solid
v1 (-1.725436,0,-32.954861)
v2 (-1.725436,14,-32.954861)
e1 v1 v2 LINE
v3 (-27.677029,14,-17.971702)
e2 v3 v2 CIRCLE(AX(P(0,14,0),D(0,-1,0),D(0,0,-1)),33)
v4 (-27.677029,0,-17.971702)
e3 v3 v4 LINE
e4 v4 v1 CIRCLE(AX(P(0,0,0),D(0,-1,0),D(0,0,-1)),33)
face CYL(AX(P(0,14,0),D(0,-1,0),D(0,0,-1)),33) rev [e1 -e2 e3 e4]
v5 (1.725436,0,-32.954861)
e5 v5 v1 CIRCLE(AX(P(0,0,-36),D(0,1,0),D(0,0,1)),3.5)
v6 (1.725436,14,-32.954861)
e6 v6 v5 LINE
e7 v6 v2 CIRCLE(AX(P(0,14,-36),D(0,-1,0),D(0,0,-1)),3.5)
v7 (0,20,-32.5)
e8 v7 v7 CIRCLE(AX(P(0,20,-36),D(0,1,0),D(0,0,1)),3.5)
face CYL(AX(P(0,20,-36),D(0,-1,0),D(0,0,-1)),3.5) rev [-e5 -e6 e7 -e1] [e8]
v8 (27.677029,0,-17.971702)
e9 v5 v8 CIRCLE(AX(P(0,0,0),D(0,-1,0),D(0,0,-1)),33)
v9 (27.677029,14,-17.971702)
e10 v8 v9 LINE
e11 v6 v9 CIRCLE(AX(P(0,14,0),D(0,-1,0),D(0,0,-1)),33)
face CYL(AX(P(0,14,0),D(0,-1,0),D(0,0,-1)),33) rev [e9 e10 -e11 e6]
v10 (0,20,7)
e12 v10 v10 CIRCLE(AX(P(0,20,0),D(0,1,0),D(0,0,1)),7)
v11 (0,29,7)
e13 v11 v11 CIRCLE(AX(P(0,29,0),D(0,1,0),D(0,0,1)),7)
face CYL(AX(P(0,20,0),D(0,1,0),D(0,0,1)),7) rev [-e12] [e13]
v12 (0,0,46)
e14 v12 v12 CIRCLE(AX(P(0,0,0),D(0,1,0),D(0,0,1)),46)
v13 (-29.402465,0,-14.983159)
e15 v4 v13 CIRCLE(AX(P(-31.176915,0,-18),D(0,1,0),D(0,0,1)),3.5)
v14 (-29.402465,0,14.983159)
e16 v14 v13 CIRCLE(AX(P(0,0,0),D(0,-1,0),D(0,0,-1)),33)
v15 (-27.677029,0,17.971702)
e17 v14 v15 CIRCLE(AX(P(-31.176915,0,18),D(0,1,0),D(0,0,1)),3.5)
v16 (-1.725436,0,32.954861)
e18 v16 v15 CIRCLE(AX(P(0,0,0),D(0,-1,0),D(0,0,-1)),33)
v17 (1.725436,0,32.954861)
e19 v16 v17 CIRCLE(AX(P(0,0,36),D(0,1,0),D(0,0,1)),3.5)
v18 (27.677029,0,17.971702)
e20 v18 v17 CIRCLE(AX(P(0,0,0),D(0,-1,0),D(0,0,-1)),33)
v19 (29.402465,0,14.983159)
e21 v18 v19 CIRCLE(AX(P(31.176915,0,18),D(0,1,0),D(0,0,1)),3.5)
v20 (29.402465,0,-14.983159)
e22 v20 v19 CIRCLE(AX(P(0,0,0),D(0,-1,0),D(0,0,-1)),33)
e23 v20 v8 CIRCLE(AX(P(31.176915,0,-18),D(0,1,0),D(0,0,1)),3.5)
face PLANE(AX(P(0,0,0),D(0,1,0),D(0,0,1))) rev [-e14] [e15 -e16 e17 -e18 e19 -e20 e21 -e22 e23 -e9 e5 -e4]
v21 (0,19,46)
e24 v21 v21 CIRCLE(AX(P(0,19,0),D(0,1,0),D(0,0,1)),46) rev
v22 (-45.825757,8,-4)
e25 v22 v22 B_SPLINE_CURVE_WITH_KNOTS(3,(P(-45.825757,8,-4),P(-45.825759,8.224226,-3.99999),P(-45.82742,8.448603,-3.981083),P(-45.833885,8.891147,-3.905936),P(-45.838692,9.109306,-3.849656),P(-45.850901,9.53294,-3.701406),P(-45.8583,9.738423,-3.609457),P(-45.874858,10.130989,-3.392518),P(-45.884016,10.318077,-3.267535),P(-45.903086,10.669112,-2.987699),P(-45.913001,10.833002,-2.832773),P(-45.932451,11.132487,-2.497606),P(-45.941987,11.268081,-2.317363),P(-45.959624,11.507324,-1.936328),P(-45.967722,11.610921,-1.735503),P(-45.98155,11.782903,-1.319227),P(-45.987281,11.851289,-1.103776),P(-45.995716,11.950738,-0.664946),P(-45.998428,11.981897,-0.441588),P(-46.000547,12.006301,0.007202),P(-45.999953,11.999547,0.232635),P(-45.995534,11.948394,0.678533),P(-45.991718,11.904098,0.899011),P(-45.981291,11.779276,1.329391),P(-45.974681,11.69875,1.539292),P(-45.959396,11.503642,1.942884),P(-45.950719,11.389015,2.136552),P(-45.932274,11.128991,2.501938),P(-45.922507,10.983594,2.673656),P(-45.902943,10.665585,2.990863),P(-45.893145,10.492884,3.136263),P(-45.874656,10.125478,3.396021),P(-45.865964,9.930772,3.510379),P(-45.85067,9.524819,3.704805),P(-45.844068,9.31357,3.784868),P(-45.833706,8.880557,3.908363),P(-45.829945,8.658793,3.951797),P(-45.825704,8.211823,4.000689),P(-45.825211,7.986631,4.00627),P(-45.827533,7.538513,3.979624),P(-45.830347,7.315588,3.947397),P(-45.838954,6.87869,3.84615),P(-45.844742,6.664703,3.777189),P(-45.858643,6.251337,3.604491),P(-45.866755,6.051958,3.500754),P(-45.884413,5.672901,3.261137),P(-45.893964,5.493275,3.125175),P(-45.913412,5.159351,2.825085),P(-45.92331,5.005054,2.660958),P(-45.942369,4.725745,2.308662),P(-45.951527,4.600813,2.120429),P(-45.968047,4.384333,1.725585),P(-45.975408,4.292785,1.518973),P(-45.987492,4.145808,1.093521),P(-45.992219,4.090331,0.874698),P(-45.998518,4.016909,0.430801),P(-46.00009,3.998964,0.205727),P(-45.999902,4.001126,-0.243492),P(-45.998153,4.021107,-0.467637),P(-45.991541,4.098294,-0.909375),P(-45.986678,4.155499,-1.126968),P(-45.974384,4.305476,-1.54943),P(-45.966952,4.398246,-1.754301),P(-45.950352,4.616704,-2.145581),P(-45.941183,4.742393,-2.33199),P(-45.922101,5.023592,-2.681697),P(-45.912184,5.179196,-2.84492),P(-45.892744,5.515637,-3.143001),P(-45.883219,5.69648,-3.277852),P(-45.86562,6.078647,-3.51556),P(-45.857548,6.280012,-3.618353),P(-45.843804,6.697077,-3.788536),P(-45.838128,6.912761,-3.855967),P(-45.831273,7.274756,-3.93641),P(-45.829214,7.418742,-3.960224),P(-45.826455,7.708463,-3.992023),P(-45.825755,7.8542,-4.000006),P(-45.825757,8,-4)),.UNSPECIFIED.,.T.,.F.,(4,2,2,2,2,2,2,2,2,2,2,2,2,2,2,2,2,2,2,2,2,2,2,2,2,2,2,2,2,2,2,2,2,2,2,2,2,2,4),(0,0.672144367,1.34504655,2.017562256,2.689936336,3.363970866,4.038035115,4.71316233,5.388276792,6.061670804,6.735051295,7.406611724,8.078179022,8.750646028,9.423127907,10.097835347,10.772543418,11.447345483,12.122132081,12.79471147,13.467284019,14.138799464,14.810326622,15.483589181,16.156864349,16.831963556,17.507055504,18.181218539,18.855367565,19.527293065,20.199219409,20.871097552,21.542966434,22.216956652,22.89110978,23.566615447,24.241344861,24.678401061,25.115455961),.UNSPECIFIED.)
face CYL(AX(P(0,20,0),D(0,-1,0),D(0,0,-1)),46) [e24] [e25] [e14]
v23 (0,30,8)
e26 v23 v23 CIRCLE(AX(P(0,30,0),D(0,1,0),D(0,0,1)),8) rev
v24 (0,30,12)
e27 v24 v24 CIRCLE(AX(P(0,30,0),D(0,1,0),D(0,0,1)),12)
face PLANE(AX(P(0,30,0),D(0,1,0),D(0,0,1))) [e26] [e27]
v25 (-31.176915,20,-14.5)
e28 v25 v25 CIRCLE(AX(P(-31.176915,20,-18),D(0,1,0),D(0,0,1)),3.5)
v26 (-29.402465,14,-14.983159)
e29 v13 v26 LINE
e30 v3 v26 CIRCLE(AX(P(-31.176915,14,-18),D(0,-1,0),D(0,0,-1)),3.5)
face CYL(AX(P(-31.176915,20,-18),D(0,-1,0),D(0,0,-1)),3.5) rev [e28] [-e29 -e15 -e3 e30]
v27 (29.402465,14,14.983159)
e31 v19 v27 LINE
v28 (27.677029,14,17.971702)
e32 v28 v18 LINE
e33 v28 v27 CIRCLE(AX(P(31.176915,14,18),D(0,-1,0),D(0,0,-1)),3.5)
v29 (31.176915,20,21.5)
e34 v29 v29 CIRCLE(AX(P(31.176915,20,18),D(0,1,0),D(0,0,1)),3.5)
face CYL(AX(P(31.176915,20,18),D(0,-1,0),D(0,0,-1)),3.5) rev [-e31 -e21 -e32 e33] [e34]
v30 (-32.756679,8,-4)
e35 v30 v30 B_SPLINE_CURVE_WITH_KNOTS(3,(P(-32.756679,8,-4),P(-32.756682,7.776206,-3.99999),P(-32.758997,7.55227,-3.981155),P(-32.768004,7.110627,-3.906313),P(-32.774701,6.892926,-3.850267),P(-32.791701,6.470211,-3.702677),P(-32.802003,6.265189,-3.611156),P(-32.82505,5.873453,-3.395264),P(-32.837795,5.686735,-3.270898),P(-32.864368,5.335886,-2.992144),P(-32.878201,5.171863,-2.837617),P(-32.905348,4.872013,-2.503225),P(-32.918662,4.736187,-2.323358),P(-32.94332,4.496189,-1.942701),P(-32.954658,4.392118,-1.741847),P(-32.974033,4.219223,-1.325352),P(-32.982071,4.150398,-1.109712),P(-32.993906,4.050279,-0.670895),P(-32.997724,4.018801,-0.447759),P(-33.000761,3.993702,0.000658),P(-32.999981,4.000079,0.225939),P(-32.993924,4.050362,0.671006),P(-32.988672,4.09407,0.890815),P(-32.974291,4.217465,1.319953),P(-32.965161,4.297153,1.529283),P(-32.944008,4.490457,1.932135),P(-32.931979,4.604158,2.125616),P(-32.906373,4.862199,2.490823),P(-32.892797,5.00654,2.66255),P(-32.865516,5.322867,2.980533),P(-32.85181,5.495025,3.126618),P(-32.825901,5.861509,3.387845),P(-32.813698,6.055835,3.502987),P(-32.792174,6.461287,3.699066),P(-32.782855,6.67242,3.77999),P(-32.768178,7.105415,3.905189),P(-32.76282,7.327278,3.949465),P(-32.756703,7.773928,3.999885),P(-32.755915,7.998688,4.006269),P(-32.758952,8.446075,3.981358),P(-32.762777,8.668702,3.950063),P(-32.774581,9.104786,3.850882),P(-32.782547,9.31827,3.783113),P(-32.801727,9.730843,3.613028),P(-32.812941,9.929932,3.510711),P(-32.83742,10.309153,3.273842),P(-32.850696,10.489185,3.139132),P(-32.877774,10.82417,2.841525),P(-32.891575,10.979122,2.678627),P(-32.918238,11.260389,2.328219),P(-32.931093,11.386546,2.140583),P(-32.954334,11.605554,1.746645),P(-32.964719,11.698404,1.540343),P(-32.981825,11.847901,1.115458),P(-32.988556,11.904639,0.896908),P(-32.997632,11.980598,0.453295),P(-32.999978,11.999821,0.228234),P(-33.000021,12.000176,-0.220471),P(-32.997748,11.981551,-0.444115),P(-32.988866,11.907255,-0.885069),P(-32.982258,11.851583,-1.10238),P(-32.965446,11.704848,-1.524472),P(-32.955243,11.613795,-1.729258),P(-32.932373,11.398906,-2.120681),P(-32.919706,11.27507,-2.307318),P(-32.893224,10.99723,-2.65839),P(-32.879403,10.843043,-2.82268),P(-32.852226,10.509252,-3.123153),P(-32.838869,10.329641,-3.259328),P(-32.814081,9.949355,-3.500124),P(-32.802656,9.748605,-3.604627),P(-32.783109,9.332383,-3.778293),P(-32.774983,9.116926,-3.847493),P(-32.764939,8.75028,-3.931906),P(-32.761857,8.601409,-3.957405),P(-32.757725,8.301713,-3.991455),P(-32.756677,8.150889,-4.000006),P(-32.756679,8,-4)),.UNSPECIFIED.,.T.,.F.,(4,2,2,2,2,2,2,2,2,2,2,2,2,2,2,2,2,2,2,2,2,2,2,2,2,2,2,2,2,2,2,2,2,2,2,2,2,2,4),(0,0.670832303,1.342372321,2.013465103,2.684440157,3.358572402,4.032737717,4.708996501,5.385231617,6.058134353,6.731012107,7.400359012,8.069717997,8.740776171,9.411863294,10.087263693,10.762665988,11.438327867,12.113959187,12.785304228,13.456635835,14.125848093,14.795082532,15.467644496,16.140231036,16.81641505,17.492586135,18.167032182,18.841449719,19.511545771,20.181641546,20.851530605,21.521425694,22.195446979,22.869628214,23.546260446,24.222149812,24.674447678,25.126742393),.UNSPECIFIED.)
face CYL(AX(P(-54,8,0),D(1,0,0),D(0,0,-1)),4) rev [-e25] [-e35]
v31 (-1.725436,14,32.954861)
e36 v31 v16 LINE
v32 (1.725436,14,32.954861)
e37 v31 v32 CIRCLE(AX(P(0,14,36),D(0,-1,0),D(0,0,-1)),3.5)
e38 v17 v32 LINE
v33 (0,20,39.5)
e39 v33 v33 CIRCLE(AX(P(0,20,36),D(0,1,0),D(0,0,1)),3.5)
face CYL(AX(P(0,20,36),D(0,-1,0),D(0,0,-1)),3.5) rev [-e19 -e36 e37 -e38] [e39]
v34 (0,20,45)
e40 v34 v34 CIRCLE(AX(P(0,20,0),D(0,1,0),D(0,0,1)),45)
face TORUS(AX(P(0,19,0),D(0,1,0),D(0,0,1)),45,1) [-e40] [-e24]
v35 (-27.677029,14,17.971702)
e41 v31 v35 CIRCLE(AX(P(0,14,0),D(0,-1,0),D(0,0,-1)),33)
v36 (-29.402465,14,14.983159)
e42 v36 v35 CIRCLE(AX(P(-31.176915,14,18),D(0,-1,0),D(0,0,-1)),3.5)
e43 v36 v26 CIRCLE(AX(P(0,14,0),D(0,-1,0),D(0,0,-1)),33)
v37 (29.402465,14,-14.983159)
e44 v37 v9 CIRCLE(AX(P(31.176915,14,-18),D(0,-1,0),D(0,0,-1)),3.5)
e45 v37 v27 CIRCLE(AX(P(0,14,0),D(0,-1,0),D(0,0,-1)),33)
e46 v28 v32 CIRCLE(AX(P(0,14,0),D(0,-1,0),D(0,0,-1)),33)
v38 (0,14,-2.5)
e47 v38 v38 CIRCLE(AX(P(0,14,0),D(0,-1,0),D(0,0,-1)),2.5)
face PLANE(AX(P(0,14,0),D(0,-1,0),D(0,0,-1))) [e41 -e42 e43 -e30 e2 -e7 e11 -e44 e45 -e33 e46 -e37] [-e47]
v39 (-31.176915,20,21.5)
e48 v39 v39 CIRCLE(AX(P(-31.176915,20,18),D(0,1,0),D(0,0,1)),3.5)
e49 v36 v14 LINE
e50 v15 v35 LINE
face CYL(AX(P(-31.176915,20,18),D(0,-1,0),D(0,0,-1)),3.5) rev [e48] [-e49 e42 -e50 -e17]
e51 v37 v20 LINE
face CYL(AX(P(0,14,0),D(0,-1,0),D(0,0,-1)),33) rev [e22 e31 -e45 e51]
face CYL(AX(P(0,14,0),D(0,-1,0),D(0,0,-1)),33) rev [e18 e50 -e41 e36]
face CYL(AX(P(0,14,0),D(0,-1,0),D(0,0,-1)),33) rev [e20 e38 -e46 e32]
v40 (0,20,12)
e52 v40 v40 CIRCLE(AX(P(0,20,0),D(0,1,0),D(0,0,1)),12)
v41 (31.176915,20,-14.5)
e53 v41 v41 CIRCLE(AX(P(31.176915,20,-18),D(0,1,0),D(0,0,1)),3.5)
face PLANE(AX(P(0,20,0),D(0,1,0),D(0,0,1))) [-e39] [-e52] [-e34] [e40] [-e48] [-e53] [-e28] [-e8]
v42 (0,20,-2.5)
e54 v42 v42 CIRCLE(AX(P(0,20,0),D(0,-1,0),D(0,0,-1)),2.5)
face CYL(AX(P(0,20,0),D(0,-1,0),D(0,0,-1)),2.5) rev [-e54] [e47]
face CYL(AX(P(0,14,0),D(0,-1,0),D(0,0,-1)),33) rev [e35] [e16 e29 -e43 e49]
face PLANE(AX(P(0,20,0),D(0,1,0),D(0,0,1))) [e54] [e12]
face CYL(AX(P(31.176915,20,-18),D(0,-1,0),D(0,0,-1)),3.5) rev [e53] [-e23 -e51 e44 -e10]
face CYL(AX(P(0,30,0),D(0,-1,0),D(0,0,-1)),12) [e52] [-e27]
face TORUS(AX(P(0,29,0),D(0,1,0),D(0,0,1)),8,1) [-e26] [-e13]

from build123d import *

# Parameters (mm, degrees)
SKETCH1_R           = 46
SKETCH1_R_2         = 3.5
BOSS_EXTRUDE1_DEPTH = 20
FILLET1_R           = 1
SKETCH2_R           = 12
BOSS_EXTRUDE2_DEPTH = 10
SKETCH3_R           = 33
CUT_EXTRUDE1_DEPTH  = 14
SKETCH4_R           = 2.5
CUT_EXTRUDE2_DEPTH  = 6
SKETCH5_R           = 7
CUT_EXTRUDE3_DEPTH  = 10
FILLET2_R           = 1
SKETCH6_R           = 4
CUT_EXTRUDE4_DEPTH  = 54


with BuildPart() as part:
    # Sketch1 → Boss-Extrude1 (new body)
    with BuildSketch(Plane(origin=(0, 0, 0), x_dir=(1, 0, 0), z_dir=(0, 1, 0))):
        with Locations(Location((0, 0, 0), (0, 0, 270))):
            Circle(SKETCH1_R)
        with Locations(Location((0, 36, 0), (0, 0, 270))):
            Circle(SKETCH1_R_2, mode=Mode.SUBTRACT)
        with Locations(Location((31.176914536, 18, 0), (0, 0, 270))):
            Circle(SKETCH1_R_2, mode=Mode.SUBTRACT)
        with Locations(Location((31.176914536, -18, 0), (0, 0, 270))):
            Circle(SKETCH1_R_2, mode=Mode.SUBTRACT)
        with Locations(Location((0, -36, 0), (0, 0, 270))):
            Circle(SKETCH1_R_2, mode=Mode.SUBTRACT)
        with Locations(Location((-31.176914536, -18, 0), (0, 0, 270))):
            Circle(SKETCH1_R_2, mode=Mode.SUBTRACT)
        with Locations(Location((-31.176914536, 18, 0), (0, 0, 270))):
            Circle(SKETCH1_R_2, mode=Mode.SUBTRACT)
    extrude(amount=BOSS_EXTRUDE1_DEPTH)

    # Fillet1
    fillet1_edges = [part.edges().sort_by_distance(p)[0] for p in [
        (0, 20, -46),
    ]]
    fillet(fillet1_edges, radius=FILLET1_R)

    # Sketch2 → Boss-Extrude2 (add)
    with BuildSketch(Plane(origin=(0, 20, 0), x_dir=(1, 0, 0), z_dir=(0, 1, 0))):
        with Locations(Location((0, 0, 0), (0, 0, 270))):
            Circle(SKETCH2_R)
    extrude(amount=BOSS_EXTRUDE2_DEPTH)

    # Sketch3 → Cut-Extrude1 (cut)
    with BuildSketch(Plane.XZ):
        Circle(SKETCH3_R)
    extrude(amount=-CUT_EXTRUDE1_DEPTH, mode=Mode.SUBTRACT)

    # Sketch4 → Cut-Extrude2 (cut)
    with BuildSketch(Plane.XZ.offset(-14)):
        with Locations(Location((0, 0, 0), (0, 0, 270))):
            Circle(SKETCH4_R)
    extrude(amount=-CUT_EXTRUDE2_DEPTH, mode=Mode.SUBTRACT)

    # Sketch5 → Cut-Extrude3 (cut)
    with BuildSketch(Plane(origin=(0, 30, 0), x_dir=(1, 0, 0), z_dir=(0, 1, 0))):
        with Locations(Location((0, 0, 0), (0, 0, 270))):
            Circle(SKETCH5_R)
    extrude(amount=-CUT_EXTRUDE3_DEPTH, mode=Mode.SUBTRACT)

    # Fillet2
    fillet2_edges = [part.edges().sort_by_distance(p)[0] for p in [
        (0, 30, -7),
    ]]
    fillet(fillet2_edges, radius=FILLET2_R)

    # Sketch6 → Cut-Extrude4 (cut)
    with BuildSketch(Plane(origin=(0, 0, 0), x_dir=(0, 0, -1), z_dir=(1, 0, 0))):
        with Locations((0, 8)):
            Circle(SKETCH6_R)
    extrude(amount=-CUT_EXTRUDE4_DEPTH, mode=Mode.SUBTRACT)


solid = part.part
